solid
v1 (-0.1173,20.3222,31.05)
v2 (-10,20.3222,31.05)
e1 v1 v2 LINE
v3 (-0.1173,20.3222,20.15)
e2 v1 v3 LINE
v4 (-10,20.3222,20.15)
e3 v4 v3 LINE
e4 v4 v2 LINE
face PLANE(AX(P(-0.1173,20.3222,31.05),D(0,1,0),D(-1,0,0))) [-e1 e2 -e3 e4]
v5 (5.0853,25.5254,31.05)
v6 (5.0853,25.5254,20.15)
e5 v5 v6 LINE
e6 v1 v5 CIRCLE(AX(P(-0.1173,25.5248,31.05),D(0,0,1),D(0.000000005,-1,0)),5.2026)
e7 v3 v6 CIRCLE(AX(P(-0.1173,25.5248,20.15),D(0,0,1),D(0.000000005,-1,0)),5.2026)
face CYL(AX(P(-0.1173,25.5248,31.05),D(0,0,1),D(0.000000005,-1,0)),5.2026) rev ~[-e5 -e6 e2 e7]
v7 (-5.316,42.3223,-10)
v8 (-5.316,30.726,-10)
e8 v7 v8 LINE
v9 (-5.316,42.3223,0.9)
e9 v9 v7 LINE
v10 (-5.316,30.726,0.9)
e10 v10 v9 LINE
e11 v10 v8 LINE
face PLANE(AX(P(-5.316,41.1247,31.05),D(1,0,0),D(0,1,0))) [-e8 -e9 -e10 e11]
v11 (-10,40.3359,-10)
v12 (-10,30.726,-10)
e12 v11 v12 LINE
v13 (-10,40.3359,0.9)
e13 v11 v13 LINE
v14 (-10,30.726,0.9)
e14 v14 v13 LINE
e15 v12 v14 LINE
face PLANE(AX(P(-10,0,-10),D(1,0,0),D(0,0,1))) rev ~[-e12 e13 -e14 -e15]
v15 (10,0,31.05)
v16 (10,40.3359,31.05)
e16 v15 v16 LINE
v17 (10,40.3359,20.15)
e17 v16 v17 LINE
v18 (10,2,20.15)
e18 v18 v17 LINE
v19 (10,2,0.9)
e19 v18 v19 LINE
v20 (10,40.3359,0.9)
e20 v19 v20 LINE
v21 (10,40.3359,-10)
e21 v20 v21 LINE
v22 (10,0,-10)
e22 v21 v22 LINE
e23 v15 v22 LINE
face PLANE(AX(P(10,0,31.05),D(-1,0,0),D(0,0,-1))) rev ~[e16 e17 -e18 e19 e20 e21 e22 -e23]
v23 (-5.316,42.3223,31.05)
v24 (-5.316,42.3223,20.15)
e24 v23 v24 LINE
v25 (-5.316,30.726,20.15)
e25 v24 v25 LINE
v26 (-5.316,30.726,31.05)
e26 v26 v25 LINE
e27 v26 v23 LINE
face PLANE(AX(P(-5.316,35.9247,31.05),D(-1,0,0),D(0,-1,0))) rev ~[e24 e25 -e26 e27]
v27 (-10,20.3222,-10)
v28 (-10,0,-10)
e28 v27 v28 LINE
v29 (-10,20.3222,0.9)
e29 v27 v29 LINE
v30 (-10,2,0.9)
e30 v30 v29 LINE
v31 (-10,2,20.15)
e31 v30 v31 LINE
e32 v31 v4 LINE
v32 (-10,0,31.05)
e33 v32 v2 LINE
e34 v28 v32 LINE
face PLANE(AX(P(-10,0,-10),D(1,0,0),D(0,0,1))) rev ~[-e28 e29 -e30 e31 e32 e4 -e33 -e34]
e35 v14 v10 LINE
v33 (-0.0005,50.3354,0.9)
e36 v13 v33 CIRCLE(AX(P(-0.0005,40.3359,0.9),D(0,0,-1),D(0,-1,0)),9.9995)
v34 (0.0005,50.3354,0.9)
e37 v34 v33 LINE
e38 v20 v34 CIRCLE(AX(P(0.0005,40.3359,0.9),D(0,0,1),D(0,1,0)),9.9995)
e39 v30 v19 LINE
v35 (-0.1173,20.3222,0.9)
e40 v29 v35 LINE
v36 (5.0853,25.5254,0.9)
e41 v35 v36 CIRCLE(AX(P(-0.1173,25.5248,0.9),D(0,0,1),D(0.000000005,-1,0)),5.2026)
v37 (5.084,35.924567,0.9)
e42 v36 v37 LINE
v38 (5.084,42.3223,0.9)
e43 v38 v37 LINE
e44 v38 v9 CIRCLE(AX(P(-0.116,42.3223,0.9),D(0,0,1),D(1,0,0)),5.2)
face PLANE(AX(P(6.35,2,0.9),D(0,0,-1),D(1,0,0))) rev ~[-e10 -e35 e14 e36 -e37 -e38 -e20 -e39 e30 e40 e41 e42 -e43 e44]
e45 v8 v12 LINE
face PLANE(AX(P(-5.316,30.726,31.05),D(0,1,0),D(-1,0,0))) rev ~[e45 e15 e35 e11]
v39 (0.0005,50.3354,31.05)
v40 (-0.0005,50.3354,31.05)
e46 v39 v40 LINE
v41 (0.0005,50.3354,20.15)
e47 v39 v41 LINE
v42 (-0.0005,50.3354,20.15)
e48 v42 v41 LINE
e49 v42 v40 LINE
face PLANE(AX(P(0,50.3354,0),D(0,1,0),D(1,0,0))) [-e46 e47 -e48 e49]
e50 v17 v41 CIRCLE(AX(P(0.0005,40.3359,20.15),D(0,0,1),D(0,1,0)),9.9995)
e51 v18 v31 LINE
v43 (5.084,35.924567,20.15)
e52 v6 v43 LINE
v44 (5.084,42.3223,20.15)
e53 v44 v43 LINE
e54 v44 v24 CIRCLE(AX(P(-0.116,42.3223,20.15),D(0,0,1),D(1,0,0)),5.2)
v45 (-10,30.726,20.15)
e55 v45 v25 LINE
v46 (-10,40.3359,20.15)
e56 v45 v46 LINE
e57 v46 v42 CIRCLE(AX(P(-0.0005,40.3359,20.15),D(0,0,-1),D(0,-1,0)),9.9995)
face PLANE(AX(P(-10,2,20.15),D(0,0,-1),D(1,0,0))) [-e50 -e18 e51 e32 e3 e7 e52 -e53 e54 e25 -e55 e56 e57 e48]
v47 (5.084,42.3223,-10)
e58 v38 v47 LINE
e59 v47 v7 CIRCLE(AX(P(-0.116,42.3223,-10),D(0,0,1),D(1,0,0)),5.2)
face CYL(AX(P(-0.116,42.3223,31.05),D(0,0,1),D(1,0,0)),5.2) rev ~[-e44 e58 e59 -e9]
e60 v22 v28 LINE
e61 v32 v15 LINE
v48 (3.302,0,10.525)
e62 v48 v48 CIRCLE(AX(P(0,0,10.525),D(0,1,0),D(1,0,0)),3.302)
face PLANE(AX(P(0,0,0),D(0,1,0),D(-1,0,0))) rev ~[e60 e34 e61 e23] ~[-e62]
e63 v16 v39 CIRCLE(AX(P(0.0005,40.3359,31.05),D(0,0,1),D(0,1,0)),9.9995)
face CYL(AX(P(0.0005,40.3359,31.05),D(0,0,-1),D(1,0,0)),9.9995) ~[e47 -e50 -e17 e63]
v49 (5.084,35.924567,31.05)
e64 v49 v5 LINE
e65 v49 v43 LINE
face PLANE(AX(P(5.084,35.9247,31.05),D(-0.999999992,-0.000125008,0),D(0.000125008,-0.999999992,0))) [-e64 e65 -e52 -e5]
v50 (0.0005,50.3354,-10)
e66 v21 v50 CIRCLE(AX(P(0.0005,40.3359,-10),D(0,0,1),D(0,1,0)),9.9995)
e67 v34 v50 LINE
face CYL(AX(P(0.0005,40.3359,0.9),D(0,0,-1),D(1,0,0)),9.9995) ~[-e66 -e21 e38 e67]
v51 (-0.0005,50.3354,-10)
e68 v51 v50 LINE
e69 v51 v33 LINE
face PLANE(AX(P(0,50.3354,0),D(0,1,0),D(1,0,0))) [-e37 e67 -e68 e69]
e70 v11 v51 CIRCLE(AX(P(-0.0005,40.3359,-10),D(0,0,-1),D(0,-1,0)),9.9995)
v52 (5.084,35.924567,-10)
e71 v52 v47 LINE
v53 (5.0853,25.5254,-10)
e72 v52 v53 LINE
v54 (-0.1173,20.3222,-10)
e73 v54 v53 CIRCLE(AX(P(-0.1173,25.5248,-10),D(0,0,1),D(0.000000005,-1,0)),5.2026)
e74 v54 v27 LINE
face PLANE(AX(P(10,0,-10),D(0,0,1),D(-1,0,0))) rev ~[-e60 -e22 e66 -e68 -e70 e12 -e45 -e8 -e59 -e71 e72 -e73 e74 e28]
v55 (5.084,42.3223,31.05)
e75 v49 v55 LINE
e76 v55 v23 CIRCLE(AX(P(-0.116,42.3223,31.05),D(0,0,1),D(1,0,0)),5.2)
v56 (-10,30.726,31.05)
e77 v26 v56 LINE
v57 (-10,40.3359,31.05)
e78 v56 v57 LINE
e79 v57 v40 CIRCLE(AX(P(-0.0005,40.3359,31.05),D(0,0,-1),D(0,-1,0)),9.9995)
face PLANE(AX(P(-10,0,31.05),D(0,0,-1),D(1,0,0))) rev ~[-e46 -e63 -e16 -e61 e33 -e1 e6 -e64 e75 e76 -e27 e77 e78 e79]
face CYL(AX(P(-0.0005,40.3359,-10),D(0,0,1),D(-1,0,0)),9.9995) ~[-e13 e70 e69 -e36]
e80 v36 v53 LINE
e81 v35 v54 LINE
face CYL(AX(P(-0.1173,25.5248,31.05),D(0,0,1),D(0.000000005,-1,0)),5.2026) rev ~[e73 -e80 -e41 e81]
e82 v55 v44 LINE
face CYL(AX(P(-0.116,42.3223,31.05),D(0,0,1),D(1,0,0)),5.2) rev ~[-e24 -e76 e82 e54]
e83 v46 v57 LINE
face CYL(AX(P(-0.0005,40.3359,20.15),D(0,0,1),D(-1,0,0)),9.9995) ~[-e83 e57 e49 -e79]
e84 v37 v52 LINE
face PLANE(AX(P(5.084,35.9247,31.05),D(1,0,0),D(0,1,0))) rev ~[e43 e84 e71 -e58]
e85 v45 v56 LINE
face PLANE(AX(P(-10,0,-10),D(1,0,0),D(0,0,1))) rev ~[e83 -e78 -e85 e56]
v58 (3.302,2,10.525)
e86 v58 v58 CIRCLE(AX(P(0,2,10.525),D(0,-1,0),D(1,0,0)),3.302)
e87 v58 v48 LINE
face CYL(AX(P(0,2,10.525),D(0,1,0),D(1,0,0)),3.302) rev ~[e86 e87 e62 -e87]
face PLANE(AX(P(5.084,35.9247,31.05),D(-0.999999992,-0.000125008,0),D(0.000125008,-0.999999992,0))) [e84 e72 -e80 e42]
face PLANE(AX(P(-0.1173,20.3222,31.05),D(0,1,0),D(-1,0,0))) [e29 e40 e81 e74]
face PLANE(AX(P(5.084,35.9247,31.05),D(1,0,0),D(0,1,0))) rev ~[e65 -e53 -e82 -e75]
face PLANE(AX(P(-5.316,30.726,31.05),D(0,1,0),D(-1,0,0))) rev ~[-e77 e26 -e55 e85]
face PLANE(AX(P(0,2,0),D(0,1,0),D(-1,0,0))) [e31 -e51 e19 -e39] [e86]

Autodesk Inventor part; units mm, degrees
ref_plane "YZ Plane" through (0, 0, 0) normal (1, 0, 0) x (0, 1, 0)
ref_plane "XZ Plane" through (0, 0, 0) normal (0, 1, 0) x (-1, 0, 0)
ref_plane "XY Plane" through (0, 0, 0) normal (0, 0, 1) x (1, 0, 0)
sketch "Sketch1" plane through (0, 0, 0) normal (0, 1, 0) x (-1, 0, 0)
  line L0 (10, 31.05) -> (-10, 31.05)
  line L1 (-10, 31.05) -> (-10, -10)
  line L2 (-10, -10) -> (10, -10)
  line L3 (10, -10) -> (10, 31.05)
  point P0 (0, 0)
  dimension "d0" = 20
  dimension "d1" = 41.05
extrude "Extrusion1" add sketch "Sketch1" along normal blind 2
sketch "Sketch2" plane through (0, 2, 0) normal (0, 1, 0) x (1, 0, 0)
  line L0 (-10, -31.05) -> (10, -31.05) projected
  line L1 (0, -31.05) -> (-6.35, -31.05)
  line L2 (-6.35, -20.15) -> (6.35, -20.15)
  line L3 (6.35, -31.05) -> (0, -31.05)
  line L4 (10, 10) -> (-10, 10) projected
  line L5 (-6.35, -0.9) -> (6.35, -0.9)
  line L6 (-6.35, 10) -> (6.35, 10)
  line L7 (-6.35, -31.05) -> (-10, -31.05)
  line L8 (-10, 10) -> (-10, -31.05) projected
  line L9 (-10, -20.15) -> (-6.35, -20.15)
  line L10 (6.35, -31.05) -> (10, -31.05)
  line L11 (10, -31.05) -> (10, 10) projected
  line L12 (10, -20.15) -> (6.35, -20.15)
  line L13 (6.35, -0.9) -> (10, -0.9)
  line L14 (10, 10) -> (6.35, 10)
  line L15 (10, -0.9) -> (10, 10)
  line L16 (10, -31.05) -> (10, -20.15)
  line L17 (-10, -31.05) -> (-10, -20.15)
  line L18 (-6.35, -0.9) -> (-10, -0.9)
  line L19 (-10, -0.9) -> (-10, 10)
  line L20 (-10, 10) -> (-6.35, 10)
  point P0 (0, 0)
  dimension "d4" = 6.35
  dimension "d5" = 10.9
  dimension "d6" = 12.7
  dimension "d7" = 10.9
extrude "Extrusion2" add sketch "Sketch2" along normal blind 48.3354 contours L8 L9 L2 L12 L11 L0 | L8 L4 L11 L13 L5 L18
sketch "Sketch9" plane through (-10, 0, 31.05) normal (0, 0, 1) x (1, 0, 0)
  arc A0 (15.084, 42.3223) -> (4.684, 42.3223) centre (9.884, 42.3223) ccw
  line L0 (15.084, 35.9247) -> (15.084, 42.3223)
  line L1 (4.684, 41.1247) -> (4.684, 42.3223)
  arc A1 (15.084, 42.3223) -> (4.684, 42.3223) centre (9.884, 42.3223) ccw
  line L2 (4.684, 42.3223) -> (4.684, 35.9247)
  line L3 (9.8827, 20.3222) -> (-0.0013, 20.3222)
  line L4 (-0.0013, 30.726) -> (-0.0013, 20.3222)
  line L5 (4.684, 35.9247) -> (4.684, 30.726)
  line L6 (15.084, 35.9247) -> (15.0853, 25.5254)
  arc A2 (15.084, 35.9247) -> (15.084, 35.9251) centre (9.884, 35.9243) ccw
  line L7 (4.684, 30.726) -> (-0.0013, 30.726)
  arc A3 (9.8827, 20.3222) -> (15.0853, 25.5254) centre (9.8827, 25.5248) ccw
  point P0 (10, 0)
fillet "Fillet4" radius 10 4 edges at (10, 50.3354, 25.6) (-10, 50.3354, 25.6) (-10, 50.3354, -4.55) (10, 50.3354, -4.55)
sketch "Sketch10" plane through (0, 2, 0) normal (0, 1, 0) x (1, 0, 0)
  line L0 (10, -31.05) -> (-10, -31.05) projected
  line L1 (-10, 10) -> (10, 10) projected
  line L2 (10, -20.15) -> (10, -0.9) projected
  line L3 (-10, -0.9) -> (-10, -20.15) projected
  line L4 (10, -10.525) -> (-10, -10.525)
  circle A0 centre (0, -10.525) radius 3.302
  point P0 (0, 0)
  dimension "d53" = 41.05
  dimension "d54" = 6.604
extrude "Extrusion10" cut sketch "Sketch10" against normal blind 2
extrude "Extrusion11" cut sketch "Sketch9" against normal through all
properties part number "6 Backet Adjustment"
